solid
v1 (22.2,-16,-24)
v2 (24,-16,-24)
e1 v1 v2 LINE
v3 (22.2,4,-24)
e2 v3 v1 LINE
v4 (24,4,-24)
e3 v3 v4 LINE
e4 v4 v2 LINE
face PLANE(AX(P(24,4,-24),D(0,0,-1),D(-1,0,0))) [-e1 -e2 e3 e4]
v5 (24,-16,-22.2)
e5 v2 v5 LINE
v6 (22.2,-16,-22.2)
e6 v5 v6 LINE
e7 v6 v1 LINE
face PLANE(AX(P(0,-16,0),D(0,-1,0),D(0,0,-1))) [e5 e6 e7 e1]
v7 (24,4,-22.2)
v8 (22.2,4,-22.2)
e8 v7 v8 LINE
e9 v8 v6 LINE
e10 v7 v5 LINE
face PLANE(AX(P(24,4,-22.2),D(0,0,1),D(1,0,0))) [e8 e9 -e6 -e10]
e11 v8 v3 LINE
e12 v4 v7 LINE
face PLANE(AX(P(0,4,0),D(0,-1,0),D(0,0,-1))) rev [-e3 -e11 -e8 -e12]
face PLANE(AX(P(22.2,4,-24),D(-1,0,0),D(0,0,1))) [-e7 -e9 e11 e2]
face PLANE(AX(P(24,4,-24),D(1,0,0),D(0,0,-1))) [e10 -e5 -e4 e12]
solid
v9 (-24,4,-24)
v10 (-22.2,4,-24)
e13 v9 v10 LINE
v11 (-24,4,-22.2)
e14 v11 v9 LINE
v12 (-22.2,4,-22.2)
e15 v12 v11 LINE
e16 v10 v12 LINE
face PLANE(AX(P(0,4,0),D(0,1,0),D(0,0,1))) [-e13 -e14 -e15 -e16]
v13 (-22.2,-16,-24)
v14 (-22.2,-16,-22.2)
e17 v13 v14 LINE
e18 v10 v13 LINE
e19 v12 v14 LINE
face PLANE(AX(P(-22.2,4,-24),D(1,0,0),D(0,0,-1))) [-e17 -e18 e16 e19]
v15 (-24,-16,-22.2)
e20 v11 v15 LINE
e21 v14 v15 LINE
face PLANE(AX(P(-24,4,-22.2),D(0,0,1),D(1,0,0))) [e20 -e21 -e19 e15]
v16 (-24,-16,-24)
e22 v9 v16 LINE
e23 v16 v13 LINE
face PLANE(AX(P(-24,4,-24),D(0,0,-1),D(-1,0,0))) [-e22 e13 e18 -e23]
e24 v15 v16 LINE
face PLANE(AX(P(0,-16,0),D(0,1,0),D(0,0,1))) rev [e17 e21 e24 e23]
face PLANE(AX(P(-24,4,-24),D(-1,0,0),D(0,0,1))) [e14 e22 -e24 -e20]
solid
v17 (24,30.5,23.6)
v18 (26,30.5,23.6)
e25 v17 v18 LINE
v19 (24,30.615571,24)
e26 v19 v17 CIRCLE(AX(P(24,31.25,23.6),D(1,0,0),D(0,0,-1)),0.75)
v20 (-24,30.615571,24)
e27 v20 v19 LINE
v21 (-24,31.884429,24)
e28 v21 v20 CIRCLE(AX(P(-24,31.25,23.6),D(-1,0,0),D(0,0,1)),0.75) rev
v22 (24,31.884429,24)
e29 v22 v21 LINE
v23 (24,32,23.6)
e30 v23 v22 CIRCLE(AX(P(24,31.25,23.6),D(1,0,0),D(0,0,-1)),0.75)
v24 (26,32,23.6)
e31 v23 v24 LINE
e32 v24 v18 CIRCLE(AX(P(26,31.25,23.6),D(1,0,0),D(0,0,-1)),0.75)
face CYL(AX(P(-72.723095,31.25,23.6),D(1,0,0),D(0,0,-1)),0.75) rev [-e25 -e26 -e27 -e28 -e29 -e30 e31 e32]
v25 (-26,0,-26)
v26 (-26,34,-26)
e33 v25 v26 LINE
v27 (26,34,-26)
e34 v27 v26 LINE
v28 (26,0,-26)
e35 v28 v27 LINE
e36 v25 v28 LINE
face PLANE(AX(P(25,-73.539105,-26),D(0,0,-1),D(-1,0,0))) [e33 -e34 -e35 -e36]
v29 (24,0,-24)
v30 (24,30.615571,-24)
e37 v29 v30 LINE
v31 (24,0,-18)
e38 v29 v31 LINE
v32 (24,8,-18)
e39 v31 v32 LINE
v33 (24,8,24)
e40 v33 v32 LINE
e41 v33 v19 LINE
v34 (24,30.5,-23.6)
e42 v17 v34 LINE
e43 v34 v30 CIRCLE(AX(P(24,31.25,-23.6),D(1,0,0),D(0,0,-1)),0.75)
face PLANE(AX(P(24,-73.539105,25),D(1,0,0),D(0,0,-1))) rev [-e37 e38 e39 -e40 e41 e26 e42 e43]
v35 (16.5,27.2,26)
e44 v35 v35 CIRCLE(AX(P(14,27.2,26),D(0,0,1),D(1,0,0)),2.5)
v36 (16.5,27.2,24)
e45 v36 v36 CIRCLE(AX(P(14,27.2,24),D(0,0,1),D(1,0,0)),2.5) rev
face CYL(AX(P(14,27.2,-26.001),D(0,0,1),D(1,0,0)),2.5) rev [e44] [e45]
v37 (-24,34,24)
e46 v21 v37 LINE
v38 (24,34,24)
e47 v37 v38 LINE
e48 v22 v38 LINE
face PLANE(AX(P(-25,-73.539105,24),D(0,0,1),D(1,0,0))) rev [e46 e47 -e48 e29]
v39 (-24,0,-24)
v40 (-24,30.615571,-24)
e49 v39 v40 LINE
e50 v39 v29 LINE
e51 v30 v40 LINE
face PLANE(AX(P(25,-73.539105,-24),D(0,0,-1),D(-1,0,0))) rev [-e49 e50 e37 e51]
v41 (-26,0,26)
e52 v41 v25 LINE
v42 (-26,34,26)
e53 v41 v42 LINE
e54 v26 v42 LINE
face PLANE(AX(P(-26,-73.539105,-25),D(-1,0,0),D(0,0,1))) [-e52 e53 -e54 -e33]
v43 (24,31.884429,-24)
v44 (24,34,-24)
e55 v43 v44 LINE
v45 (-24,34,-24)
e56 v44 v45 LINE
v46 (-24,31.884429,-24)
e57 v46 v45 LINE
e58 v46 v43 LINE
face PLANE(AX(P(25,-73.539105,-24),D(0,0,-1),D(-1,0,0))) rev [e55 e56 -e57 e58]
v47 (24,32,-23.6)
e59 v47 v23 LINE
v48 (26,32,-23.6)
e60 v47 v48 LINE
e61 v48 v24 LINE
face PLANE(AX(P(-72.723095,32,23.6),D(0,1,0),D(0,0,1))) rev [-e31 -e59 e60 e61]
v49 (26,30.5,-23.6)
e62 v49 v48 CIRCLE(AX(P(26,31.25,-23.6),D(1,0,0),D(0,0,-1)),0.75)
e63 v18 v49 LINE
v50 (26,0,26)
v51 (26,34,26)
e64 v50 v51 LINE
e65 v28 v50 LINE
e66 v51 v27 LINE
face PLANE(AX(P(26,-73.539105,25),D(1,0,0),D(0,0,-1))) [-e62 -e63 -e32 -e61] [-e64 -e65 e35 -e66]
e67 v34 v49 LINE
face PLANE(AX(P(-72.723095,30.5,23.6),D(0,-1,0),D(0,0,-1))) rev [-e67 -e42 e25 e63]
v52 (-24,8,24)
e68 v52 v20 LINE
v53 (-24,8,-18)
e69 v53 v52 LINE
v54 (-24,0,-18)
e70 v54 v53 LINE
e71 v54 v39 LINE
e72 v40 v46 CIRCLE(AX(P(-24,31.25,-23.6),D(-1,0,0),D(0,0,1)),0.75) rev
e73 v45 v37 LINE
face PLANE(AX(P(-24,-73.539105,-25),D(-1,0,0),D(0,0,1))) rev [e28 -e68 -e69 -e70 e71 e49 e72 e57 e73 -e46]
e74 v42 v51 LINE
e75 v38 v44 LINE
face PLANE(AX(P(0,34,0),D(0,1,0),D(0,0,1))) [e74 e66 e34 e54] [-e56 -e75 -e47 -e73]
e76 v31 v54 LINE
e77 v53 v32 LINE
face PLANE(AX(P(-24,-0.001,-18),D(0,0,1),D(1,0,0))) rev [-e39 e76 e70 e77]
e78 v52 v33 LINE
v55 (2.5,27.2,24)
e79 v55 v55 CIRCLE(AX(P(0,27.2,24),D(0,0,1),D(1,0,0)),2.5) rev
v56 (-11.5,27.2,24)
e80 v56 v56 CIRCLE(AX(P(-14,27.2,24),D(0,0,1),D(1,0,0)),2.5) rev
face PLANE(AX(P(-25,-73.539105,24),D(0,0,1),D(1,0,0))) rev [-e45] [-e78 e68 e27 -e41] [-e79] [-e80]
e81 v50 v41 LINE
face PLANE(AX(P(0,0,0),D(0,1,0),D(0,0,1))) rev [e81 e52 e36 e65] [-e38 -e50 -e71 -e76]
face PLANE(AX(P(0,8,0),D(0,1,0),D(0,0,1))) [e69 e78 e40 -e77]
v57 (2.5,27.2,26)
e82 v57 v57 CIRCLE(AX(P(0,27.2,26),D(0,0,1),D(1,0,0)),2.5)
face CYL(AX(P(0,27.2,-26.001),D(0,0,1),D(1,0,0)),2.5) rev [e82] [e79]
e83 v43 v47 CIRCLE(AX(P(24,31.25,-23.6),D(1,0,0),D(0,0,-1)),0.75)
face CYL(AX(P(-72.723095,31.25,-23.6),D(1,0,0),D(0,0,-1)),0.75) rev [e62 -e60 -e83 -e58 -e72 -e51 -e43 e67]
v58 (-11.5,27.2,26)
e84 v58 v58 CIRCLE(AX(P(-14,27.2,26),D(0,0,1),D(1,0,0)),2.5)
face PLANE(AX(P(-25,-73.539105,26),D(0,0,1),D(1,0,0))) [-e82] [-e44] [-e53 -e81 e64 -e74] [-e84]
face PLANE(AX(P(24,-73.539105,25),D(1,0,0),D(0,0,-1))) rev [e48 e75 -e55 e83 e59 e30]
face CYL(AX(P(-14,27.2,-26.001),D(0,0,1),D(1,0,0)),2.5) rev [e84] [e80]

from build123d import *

# Parameters (mm, degrees)
SKIZZE1_W                                = 50
SKIZZE1_H                                = 50
AUFSATZ_LINEAR_AUSTRAGEN1_DEPTH          = 8
SKIZZE2_W                                = 52
SKIZZE2_H                                = 52
SKIZZE2_W_2                              = 48
SKIZZE2_H_2                              = 48
LINEAR_AUSTRAGEN_D_NN1_DEPTH             = 26
LINEAR_AUSTRAGEN_D_NN1_DIRECTION_2_REACH = 38.249
SCHNITT_LINEAR_AUSTRAGEN1_REACH          = 69.35
SCHNITT_LINEAR_AUSTRAGEN2_REACH          = 47.033
SKIZZE4_W                                = 48
SKIZZE4_H                                = 6
SCHNITT_LINEAR_AUSTRAGEN3_REACH          = 69.35
SKIZZE5_R                                = 2.5
AUFSATZ_LINEAR_AUSTRAGEN2_DEPTH          = 16
AUFSATZ_LINEAR_AUSTRAGEN2_DEPTH_BACK     = 4
SKIZZE6_W                                = 1.8
SKIZZE6_H                                = 1.8
AUFSATZ_LINEAR_AUSTRAGEN2_2_DEPTH        = 16
AUFSATZ_LINEAR_AUSTRAGEN2_2_DEPTH_BACK   = 4


with BuildPart() as part:
    # Skizze1 → Aufsatz-Linear austragen1 (new body)
    with BuildSketch(Plane(origin=(0, 0, 0), x_dir=(1, 0, 0), z_dir=(0, 1, 0))):
        Rectangle(SKIZZE1_W, SKIZZE1_H)
    extrude(amount=AUFSATZ_LINEAR_AUSTRAGEN1_DEPTH)

    # Skizze2 → Linear-Austragen-Dünn1 (add)
    with BuildSketch(Plane(origin=(0, 8, 0), x_dir=(1, 0, 0), z_dir=(0, 1, 0))):
        Rectangle(SKIZZE2_W, SKIZZE2_H)
        Rectangle(SKIZZE2_W_2, SKIZZE2_H_2, mode=Mode.SUBTRACT)
    extrude(amount=LINEAR_AUSTRAGEN_D_NN1_DEPTH)

    # Linear-Austragen-Dünn1 direction 2: up to this face of the body (flat: up to its plane)
    linear_austragen_d_nn1_direction_2_end = Plane(part.part.faces().sort_by_distance((0, 0, 0))[0])
    # Skizze2 → Linear-Austragen-Dünn1 direction 2 (add, up to the picked face)
    with BuildSketch(Plane(origin=(0, 8, 0), x_dir=(1, 0, 0), z_dir=(0, 1, 0)), mode=Mode.PRIVATE) as linear_austragen_d_nn1_direction_2_sk1:
        Rectangle(SKIZZE2_W, SKIZZE2_H)
        Rectangle(SKIZZE2_W_2, SKIZZE2_H_2, mode=Mode.SUBTRACT)
    linear_austragen_d_nn1_direction_2_tool1 = split(extrude(linear_austragen_d_nn1_direction_2_sk1.sketch, amount=-LINEAR_AUSTRAGEN_D_NN1_DIRECTION_2_REACH, mode=Mode.PRIVATE), bisect_by=linear_austragen_d_nn1_direction_2_end, keep=Keep.BOTH, mode=Mode.PRIVATE)
    add(linear_austragen_d_nn1_direction_2_tool1.solids().sort_by(Axis((0, 8, 25.264609), (0, -1, 0)))[0])

    # Schnitt-Linear austragen1: up to this face of the body (flat: up to its plane)
    schnitt_linear_austragen1_end = Plane(part.part.faces().sort_by_distance((-24, 21, 0))[0])
    # Skizze3 → Schnitt-Linear austragen1 (cut, up to the picked face)
    with BuildSketch(Plane(origin=(26, 0, 0), x_dir=(0, 0, -1), z_dir=(1, 0, 0)), mode=Mode.PRIVATE) as schnitt_linear_austragen1_sk1:
        with BuildLine():
            Line((-23.6, 32), (23.6, 32))
            ThreePointArc((23.6, 32), (24.35, 31.25), (23.6, 30.5))
            Line((23.6, 30.5), (-23.6, 30.5))
            ThreePointArc((-23.6, 30.5), (-24.35, 31.25), (-23.6, 32))
        make_face()
    schnitt_linear_austragen1_tool1 = split(extrude(schnitt_linear_austragen1_sk1.sketch, amount=-SCHNITT_LINEAR_AUSTRAGEN1_REACH, mode=Mode.PRIVATE), bisect_by=schnitt_linear_austragen1_end, keep=Keep.BOTH, mode=Mode.PRIVATE)
    add(schnitt_linear_austragen1_tool1.solids().sort_by(Axis((26, 31.25, 0), (-1, 0, 0)))[0], mode=Mode.SUBTRACT)

    # Skizze4 → Schnitt-Linear austragen2 (cut, up to next)
    with BuildSketch(Plane(origin=(0, 8, 0), x_dir=(1, 0, 0), z_dir=(0, 1, 0)), mode=Mode.PRIVATE) as schnitt_linear_austragen2_sk1:
        with Locations((0, 21)):
            Rectangle(SKIZZE4_W, SKIZZE4_H)
    schnitt_linear_austragen2_tool1 = extrude(schnitt_linear_austragen2_sk1.sketch, amount=-SCHNITT_LINEAR_AUSTRAGEN2_REACH, mode=Mode.PRIVATE) & part.part
    add(schnitt_linear_austragen2_tool1.solids().sort_by_distance((0, 8, -21))[0], mode=Mode.SUBTRACT)

    # Skizze5 → Schnitt-Linear austragen3 (cut, up to next)
    with BuildSketch(Plane.XY.offset(26), mode=Mode.PRIVATE) as schnitt_linear_austragen3_sk1:
        with Locations((-14, 27.2)):
            Circle(SKIZZE5_R)
    schnitt_linear_austragen3_tool1 = extrude(schnitt_linear_austragen3_sk1.sketch, amount=-SCHNITT_LINEAR_AUSTRAGEN3_REACH, mode=Mode.PRIVATE) & part.part
    # Skizze5 → Schnitt-Linear austragen3 (cut, up to next)
    with BuildSketch(Plane.XY.offset(26), mode=Mode.PRIVATE) as schnitt_linear_austragen3_sk2:
        with Locations((0, 27.2)):
            Circle(SKIZZE5_R)
    schnitt_linear_austragen3_tool2 = extrude(schnitt_linear_austragen3_sk2.sketch, amount=-SCHNITT_LINEAR_AUSTRAGEN3_REACH, mode=Mode.PRIVATE) & part.part
    # Skizze5 → Schnitt-Linear austragen3 (cut, up to next)
    with BuildSketch(Plane.XY.offset(26), mode=Mode.PRIVATE) as schnitt_linear_austragen3_sk3:
        with Locations((14, 27.2)):
            Circle(SKIZZE5_R)
    schnitt_linear_austragen3_tool3 = extrude(schnitt_linear_austragen3_sk3.sketch, amount=-SCHNITT_LINEAR_AUSTRAGEN3_REACH, mode=Mode.PRIVATE) & part.part
    add(schnitt_linear_austragen3_tool1.solids().sort_by_distance((-14, 27.2, 26))[0], mode=Mode.SUBTRACT)
    add(schnitt_linear_austragen3_tool2.solids().sort_by_distance((0, 27.2, 26))[0], mode=Mode.SUBTRACT)
    add(schnitt_linear_austragen3_tool3.solids().sort_by_distance((14, 27.2, 26))[0], mode=Mode.SUBTRACT)


with BuildPart() as body_2:
    # Skizze6 → Aufsatz-Linear austragen2 (new, two sides: drawn at the far end of the back side and taken through both)
    with BuildSketch(Plane.XZ.offset(-AUFSATZ_LINEAR_AUSTRAGEN2_DEPTH_BACK)):
        with Locations((-23.1, -23.1)):
            Rectangle(SKIZZE6_W, SKIZZE6_H)
    extrude(amount=AUFSATZ_LINEAR_AUSTRAGEN2_DEPTH + AUFSATZ_LINEAR_AUSTRAGEN2_DEPTH_BACK)


with BuildPart() as body_3:
    # Skizze6 → Aufsatz-Linear austragen2 2 (new, two sides: drawn at the far end of the back side and taken through both)
    with BuildSketch(Plane.XZ.offset(-AUFSATZ_LINEAR_AUSTRAGEN2_2_DEPTH_BACK)):
        with Locations((23.1, -23.1)):
            Rectangle(SKIZZE6_W, SKIZZE6_H)
    extrude(amount=AUFSATZ_LINEAR_AUSTRAGEN2_2_DEPTH + AUFSATZ_LINEAR_AUSTRAGEN2_2_DEPTH_BACK)


solid = Compound([part.part, body_2.part, body_3.part])
